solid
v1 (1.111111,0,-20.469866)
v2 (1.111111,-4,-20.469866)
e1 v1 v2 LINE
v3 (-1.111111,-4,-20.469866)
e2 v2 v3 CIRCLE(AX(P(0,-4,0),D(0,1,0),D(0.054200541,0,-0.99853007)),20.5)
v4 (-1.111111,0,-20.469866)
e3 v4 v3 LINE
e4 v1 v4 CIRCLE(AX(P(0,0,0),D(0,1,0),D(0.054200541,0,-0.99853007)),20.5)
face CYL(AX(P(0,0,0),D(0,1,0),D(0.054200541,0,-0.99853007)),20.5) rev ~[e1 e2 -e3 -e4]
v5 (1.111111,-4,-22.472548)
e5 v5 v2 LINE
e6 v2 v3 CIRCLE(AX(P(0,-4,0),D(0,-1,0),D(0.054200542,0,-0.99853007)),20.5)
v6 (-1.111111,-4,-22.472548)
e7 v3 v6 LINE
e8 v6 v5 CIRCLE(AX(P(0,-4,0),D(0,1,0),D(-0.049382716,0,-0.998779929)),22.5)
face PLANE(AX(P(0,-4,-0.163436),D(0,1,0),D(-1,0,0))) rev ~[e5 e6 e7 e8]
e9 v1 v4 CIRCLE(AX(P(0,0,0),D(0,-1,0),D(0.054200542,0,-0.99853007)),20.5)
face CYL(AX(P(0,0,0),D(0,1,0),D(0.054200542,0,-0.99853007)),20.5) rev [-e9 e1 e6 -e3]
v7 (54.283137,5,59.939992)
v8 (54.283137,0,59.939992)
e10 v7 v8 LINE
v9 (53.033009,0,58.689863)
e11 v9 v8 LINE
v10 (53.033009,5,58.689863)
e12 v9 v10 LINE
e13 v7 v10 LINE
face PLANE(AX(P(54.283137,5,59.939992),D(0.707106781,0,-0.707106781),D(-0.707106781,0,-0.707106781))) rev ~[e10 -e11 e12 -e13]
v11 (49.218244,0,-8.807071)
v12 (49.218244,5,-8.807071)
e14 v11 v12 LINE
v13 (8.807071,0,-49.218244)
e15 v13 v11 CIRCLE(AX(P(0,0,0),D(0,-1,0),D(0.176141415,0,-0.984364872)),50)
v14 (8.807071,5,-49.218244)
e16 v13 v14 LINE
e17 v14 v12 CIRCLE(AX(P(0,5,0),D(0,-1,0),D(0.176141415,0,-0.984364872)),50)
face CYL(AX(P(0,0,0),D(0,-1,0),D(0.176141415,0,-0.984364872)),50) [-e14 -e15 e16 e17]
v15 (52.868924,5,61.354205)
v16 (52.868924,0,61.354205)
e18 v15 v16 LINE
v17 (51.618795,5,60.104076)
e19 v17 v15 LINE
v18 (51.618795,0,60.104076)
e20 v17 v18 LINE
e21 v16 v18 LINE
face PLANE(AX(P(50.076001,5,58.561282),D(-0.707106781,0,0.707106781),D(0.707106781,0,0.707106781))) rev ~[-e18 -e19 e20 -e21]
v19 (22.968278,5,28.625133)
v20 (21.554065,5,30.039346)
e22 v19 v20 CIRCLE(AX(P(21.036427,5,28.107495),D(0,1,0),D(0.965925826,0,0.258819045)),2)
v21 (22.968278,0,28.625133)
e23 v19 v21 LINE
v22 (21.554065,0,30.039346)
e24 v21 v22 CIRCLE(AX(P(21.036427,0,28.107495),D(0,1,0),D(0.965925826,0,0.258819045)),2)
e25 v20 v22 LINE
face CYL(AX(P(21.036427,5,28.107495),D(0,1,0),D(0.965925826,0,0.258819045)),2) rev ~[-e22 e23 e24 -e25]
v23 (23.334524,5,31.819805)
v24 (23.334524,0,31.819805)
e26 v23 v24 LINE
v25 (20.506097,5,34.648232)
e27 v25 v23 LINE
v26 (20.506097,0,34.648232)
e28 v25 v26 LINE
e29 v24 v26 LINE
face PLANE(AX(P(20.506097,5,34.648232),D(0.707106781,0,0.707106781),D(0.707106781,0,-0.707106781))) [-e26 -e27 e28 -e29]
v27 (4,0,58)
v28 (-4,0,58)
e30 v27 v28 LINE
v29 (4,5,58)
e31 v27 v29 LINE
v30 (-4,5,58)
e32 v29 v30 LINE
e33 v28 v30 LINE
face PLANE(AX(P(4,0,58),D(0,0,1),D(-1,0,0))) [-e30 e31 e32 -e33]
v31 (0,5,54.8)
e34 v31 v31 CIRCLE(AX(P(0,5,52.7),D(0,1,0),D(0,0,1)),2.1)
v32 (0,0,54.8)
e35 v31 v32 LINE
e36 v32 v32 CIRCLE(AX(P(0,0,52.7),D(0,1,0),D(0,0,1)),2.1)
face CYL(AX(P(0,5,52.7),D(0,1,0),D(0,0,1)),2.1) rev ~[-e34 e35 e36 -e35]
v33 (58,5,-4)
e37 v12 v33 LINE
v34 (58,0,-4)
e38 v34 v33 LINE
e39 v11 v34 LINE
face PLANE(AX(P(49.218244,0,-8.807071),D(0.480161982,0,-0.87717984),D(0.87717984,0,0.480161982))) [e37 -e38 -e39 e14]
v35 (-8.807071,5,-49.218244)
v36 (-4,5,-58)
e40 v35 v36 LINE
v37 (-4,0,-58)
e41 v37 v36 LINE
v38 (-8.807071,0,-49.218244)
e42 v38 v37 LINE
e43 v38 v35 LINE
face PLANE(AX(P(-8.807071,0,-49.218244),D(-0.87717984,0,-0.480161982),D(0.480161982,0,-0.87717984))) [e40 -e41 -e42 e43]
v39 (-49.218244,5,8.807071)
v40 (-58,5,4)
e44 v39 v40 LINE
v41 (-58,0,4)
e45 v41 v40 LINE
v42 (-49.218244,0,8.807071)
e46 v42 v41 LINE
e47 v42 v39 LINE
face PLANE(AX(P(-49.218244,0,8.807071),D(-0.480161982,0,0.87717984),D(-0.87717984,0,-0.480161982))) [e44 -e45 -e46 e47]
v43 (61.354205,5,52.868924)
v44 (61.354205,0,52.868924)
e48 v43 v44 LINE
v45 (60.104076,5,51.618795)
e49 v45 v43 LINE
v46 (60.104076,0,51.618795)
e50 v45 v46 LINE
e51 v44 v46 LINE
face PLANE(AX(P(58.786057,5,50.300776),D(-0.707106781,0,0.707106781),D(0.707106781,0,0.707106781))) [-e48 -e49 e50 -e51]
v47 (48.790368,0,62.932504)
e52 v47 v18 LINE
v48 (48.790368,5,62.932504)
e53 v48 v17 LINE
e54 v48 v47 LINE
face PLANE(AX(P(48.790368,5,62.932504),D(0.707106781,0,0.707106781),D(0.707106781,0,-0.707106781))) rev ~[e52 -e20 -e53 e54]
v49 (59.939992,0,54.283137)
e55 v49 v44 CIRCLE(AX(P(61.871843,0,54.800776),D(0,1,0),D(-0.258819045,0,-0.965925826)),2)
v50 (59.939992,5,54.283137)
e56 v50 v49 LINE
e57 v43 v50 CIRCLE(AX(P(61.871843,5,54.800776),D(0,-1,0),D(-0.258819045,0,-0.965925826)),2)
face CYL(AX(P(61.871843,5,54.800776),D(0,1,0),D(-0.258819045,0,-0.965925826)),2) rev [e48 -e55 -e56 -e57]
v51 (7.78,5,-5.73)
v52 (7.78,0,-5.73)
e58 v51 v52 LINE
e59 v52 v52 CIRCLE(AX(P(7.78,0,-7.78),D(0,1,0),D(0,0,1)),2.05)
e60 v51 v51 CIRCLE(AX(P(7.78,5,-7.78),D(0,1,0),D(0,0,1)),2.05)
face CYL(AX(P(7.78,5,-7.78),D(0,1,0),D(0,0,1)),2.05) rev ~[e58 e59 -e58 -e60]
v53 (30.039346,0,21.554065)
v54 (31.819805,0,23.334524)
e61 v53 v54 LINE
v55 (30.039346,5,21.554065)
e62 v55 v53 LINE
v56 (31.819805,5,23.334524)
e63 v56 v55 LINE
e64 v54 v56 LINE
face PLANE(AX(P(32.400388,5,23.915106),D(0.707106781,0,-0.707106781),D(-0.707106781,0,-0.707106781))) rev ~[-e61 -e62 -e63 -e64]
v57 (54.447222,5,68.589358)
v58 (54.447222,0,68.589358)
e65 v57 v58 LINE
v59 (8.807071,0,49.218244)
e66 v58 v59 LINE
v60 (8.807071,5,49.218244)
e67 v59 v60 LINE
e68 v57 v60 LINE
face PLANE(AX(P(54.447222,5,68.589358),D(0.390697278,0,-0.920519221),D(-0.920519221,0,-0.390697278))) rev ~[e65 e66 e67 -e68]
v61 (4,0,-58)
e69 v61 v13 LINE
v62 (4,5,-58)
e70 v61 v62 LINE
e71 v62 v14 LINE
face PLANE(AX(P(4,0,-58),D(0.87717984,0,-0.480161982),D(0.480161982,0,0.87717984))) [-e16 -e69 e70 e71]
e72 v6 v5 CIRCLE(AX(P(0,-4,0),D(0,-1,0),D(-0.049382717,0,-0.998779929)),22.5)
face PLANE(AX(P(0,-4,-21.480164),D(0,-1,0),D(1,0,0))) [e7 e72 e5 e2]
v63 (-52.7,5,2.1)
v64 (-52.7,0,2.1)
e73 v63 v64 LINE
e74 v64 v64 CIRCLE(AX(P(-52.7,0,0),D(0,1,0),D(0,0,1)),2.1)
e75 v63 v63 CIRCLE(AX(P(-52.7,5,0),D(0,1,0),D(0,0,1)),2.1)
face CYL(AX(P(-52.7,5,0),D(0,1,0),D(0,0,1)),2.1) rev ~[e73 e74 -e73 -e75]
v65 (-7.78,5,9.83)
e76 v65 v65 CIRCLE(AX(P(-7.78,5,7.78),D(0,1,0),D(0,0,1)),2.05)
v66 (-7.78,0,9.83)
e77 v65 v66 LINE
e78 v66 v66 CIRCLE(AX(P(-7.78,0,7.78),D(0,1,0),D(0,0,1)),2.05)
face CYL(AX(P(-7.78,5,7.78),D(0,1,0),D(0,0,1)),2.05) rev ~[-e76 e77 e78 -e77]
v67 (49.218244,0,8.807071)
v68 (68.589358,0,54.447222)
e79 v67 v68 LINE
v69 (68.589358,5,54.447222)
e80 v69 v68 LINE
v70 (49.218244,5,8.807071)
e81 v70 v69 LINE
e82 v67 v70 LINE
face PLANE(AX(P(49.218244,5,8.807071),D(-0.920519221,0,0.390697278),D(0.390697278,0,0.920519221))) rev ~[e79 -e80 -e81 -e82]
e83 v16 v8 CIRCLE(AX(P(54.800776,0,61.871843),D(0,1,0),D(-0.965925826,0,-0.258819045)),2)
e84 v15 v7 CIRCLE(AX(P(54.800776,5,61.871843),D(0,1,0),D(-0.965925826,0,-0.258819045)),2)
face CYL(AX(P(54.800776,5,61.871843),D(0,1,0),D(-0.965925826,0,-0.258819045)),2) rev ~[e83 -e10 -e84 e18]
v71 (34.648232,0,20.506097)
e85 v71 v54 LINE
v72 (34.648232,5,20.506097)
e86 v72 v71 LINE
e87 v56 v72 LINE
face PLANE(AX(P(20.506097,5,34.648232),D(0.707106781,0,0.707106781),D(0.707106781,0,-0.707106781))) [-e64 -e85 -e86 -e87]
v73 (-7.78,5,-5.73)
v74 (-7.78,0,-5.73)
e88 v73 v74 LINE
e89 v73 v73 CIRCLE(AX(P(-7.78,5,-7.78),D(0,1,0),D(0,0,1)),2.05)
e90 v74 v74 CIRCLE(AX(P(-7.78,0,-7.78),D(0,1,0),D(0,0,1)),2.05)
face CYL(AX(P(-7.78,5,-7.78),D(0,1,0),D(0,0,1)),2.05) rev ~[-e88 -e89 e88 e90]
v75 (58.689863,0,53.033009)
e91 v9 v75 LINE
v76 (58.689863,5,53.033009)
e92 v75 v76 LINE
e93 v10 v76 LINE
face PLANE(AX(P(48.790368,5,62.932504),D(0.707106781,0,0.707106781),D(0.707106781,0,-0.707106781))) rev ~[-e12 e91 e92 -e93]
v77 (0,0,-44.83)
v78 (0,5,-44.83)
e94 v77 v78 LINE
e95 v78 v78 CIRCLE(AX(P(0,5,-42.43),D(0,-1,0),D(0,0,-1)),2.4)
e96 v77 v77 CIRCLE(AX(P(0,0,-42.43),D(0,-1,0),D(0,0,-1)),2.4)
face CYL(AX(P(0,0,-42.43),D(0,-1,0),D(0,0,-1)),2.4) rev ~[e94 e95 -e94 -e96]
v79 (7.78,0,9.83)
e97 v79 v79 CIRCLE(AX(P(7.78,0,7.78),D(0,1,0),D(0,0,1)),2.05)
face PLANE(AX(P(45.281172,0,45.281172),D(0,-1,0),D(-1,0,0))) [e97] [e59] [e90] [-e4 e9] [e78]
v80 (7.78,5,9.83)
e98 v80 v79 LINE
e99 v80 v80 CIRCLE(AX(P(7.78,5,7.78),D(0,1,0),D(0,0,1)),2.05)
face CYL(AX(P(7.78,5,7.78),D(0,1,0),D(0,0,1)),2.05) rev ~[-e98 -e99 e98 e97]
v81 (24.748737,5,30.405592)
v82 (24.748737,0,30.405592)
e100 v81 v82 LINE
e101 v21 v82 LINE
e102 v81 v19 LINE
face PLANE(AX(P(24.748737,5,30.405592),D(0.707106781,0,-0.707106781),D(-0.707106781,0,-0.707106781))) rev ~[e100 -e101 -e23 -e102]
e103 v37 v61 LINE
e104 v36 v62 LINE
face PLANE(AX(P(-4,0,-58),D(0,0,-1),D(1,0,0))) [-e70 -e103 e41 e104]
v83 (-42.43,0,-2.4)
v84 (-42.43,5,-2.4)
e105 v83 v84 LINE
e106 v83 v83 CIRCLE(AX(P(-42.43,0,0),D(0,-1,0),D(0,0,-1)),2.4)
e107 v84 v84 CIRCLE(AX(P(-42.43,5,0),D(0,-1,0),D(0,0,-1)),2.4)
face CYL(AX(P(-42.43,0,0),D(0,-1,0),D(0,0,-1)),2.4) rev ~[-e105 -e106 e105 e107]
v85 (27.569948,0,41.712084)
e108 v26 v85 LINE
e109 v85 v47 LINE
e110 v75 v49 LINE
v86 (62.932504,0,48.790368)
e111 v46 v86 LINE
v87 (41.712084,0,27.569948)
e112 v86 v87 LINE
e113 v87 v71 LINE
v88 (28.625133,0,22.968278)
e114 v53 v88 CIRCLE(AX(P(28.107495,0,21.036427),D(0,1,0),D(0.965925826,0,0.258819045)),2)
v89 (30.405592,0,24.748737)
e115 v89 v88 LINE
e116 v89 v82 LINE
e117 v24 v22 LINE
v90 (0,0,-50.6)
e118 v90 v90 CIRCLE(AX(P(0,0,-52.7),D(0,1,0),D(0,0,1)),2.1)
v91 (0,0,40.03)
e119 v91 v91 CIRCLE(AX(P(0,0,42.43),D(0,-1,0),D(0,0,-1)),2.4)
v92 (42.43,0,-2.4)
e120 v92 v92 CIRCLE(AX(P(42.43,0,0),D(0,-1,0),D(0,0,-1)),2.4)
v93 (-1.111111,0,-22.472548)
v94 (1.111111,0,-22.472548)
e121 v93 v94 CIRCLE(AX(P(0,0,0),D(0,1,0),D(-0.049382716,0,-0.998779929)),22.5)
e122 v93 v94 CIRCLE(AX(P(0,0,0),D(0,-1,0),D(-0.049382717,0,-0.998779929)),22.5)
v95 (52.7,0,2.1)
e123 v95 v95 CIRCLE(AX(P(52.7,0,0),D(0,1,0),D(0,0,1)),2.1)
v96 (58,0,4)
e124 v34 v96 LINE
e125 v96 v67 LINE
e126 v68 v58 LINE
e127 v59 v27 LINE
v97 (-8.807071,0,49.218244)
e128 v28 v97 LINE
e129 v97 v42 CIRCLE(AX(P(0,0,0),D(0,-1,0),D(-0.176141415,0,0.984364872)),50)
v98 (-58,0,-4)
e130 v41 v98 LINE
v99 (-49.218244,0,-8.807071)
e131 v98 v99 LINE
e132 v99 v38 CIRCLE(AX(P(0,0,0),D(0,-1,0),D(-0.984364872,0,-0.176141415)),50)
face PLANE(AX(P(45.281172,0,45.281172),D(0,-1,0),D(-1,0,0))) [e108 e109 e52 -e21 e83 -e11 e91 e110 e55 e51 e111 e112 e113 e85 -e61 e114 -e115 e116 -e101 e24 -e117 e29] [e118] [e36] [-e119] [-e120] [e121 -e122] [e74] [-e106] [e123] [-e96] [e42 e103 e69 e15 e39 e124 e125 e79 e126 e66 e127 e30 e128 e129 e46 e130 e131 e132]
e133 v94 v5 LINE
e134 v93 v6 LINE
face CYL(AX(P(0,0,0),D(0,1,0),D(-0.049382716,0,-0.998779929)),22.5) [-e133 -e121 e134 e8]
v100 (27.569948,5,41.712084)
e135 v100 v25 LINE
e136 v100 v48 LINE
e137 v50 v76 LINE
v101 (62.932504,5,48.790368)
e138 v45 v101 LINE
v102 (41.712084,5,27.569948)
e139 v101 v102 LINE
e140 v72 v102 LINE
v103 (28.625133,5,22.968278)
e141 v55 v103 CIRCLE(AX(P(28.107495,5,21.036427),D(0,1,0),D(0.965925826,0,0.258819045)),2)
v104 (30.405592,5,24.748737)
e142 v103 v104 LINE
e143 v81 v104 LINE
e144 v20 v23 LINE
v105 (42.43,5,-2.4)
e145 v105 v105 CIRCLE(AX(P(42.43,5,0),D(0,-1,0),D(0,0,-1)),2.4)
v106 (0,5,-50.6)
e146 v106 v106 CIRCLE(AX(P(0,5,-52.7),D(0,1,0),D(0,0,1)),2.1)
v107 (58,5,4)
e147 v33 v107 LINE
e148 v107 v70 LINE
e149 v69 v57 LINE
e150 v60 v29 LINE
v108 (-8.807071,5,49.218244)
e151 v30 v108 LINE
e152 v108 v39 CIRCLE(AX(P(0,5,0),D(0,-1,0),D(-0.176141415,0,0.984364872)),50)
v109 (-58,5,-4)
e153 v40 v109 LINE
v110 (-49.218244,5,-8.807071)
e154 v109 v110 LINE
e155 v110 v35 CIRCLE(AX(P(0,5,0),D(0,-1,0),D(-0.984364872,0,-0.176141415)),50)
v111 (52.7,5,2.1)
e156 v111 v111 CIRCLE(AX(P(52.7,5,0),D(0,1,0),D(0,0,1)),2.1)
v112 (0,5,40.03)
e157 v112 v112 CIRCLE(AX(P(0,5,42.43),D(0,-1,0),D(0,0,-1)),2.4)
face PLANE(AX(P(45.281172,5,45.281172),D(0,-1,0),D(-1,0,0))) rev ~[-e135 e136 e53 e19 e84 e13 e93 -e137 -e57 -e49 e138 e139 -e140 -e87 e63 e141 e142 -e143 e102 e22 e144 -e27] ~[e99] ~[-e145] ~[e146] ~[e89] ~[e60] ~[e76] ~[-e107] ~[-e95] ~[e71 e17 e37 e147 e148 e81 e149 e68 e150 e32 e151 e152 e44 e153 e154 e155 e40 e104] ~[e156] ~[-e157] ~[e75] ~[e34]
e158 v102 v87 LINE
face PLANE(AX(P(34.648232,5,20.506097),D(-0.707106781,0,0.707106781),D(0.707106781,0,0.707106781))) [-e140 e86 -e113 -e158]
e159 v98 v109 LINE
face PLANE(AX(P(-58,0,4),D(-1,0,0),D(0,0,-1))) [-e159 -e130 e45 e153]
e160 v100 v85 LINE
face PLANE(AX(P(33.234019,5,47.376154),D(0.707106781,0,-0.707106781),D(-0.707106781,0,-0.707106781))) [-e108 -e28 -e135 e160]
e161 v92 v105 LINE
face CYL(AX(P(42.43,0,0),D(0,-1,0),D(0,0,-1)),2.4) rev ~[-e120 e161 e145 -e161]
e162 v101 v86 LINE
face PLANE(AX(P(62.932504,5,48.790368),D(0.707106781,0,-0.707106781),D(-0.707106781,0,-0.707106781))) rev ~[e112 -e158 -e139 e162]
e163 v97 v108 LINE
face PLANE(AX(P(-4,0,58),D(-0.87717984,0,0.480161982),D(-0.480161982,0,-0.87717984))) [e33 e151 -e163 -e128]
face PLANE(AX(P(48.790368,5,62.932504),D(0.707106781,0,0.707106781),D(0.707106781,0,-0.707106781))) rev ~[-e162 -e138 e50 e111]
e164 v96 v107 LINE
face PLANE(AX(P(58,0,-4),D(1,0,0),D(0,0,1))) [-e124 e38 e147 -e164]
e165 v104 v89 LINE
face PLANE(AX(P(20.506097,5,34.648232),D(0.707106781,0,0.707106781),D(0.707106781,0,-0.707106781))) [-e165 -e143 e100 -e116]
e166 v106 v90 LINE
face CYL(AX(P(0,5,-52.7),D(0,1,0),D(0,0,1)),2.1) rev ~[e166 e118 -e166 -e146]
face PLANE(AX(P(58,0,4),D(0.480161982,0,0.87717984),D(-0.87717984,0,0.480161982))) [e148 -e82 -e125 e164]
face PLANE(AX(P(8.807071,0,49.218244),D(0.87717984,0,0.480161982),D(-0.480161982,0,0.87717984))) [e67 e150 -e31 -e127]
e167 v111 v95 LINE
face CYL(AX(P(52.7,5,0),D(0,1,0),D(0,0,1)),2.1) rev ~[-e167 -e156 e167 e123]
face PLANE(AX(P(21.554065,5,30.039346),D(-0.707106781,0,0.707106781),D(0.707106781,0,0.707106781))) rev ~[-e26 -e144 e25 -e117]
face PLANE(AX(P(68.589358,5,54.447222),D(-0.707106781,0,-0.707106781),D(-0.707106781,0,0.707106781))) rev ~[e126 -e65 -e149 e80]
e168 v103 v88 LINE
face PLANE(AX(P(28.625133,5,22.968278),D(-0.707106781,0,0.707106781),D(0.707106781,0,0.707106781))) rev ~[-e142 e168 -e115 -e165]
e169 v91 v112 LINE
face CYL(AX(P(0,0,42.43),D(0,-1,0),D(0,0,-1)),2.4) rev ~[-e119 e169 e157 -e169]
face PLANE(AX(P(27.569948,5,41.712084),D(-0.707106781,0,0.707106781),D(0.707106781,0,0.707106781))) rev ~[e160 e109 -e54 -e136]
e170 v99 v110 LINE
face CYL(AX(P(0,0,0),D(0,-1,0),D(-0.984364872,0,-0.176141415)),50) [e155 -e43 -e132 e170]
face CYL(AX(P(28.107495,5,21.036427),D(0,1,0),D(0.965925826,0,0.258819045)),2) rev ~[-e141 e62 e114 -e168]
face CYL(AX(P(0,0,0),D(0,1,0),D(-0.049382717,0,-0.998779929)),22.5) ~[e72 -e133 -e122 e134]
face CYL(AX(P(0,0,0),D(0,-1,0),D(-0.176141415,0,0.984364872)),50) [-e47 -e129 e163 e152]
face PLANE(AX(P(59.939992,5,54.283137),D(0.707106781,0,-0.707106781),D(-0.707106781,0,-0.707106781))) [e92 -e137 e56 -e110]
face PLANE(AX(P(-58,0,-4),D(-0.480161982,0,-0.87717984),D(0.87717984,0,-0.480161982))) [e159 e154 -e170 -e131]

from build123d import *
from build123d.topology import SkipClean

# Parameters (mm, degrees)
SALIENTE_EXTRUIR1_DEPTH = 5
CROQUIS2_R              = 2.1
CORTAR_EXTRUIR1_DEPTH   = 83.176639016
CORTAR_EXTRUIR2_DEPTH   = 83.176639016
CROQUIS5_R              = 2.05
CORTAR_EXTRUIR4_DEPTH   = 83.176639016
SALIENTE_EXTRUIR2_DEPTH = 5
CORTAR_EXTRUIR10_DEPTH  = 98.128780493
SALIENTE_EXTRUIR4_DEPTH = 4
SALIENTE_EXTRUIR5_DEPTH = 4
CROQUIS17_R             = 2.4
CORTAR_EXTRUIR11_DEPTH  = 98.128780493


with BuildPart() as part:
    # Croquis1 → Saliente-Extruir1 (new body)
    with BuildSketch(Plane(origin=(0, 0, 0), x_dir=(1, 0, 0), z_dir=(0, 1, 0))):
        with BuildLine():
            Line((4, 58), (8.807070745, 49.218243619))
            ThreePointArc((8.807070745, 49.218243619), (35.355339059, 35.355339059), (49.218243619, 8.807070745))
            Line((49.218243619, 8.807070745), (58, 4))
            Line((58, 4), (58, -4))
            Line((58, -4), (49.218243619, -8.807070745))
            ThreePointArc((49.218243619, -8.807070745), (35.355339059, -35.355339059), (8.807070745, -49.218243619))
            Line((8.807070745, -49.218243619), (4, -58))
            Line((4, -58), (-4, -58))
            Line((-4, -58), (-8.807070745, -49.218243619))
            ThreePointArc((-8.807070745, -49.218243619), (-35.355339059, -35.355339059), (-49.218243619, -8.807070745))
            Line((-49.218243619, -8.807070745), (-58, -4))
            Line((-58, -4), (-58, 4))
            Line((-58, 4), (-49.218243619, 8.807070745))
            ThreePointArc((-49.218243619, 8.807070745), (-35.355339059, 35.355339059), (-8.807070745, 49.218243619))
            Line((-8.807070745, 49.218243619), (-4, 58))
            Line((-4, 58), (4, 58))
        make_face()
    extrude(amount=SALIENTE_EXTRUIR1_DEPTH)

    # Croquis2 → Cortar-Extruir1 (cut, through all)
    with BuildSketch(Plane(origin=(0, 5, 0), x_dir=(1, 0, 0), z_dir=(0, 1, 0))):
        with Locations(Location((0, 52.7, 0), (0, 0, 270))):
            Circle(CROQUIS2_R)
        with Locations(Location((52.7, 0, 0), (0, 0, 270))):
            Circle(CROQUIS2_R)
        with Locations(Location((0, -52.7, 0), (0, 0, 270))):
            Circle(CROQUIS2_R)
        with Locations(Location((-52.7, 0, 0), (0, 0, 270))):
            Circle(CROQUIS2_R)
    extrude(amount=-CORTAR_EXTRUIR1_DEPTH, mode=Mode.SUBTRACT)

    # Croquis3 → Cortar-Extruir2 (cut, through all)
    with BuildSketch(Plane(origin=(0, 5, 0), x_dir=(1, 0, 0), z_dir=(0, 1, 0))):
        Polygon((20.506096654, -34.648232278), (34.648232278, -20.506096654), (47.376154339, -33.234018716), (67.218949341, -53.076813717), (53.076813717, -67.218949341), (33.234018716, -47.376154339), align=None)
    extrude(amount=-CORTAR_EXTRUIR2_DEPTH, mode=Mode.SUBTRACT)

    # Croquis5 → Cortar-Extruir4 (cut, through all)
    with BuildSketch(Plane(origin=(0, 5, 0), x_dir=(1, 0, 0), z_dir=(0, 1, 0))):
        with Locations(Location((-7.78, 7.78, 0), (0, 0, 270))):
            Circle(CROQUIS5_R)
        with Locations(Location((7.78, 7.78, 0), (0, 0, 270))):
            Circle(CROQUIS5_R)
        with Locations(Location((7.78, -7.78, 0), (0, 0, 270))):
            Circle(CROQUIS5_R)
        with Locations(Location((-7.78, -7.78, 0), (0, 0, 270))):
            Circle(CROQUIS5_R)
        with BuildLine():
            Line((21.554064831, -30.039346205), (23.334523779, -31.819805153))
            Line((23.334523779, -31.819805153), (24.748737342, -30.405591591))
            Line((24.748737342, -30.405591591), (22.968278393, -28.625132642))
            ThreePointArc((22.968278393, -28.625132642), (19.622213178, -26.69328099), (21.554064831, -30.039346205))
        make_face()
        with BuildLine():
            Line((28.625132642, -22.968278393), (30.986174209, -25.329319959))
            Line((30.986174209, -25.329319959), (32.400387771, -23.915106397))
            Line((32.400387771, -23.915106397), (30.039346205, -21.554064831))
            ThreePointArc((30.039346205, -21.554064831), (26.69328099, -19.622213178), (28.625132642, -22.968278393))
        make_face()
    extrude(amount=-CORTAR_EXTRUIR4_DEPTH, mode=Mode.SUBTRACT)

    # Croquis7 → Saliente-Extruir2 (add, through all)
    with BuildSketch(Plane(origin=(0, 5, 0), x_dir=(1, 0, 0), z_dir=(0, 1, 0))):
        Polygon((68.589357775, -54.447222151), (54.447222151, -68.589357775), (8.807070745, -49.218243619), (18.571685103, -46.422973972), (27.56994834, -41.712083963), (48.790367902, -62.932503526), (62.932503526, -48.790367902), (41.712083963, -27.56994834), (46.422973972, -18.571685103), (49.218243619, -8.807070745), align=None)
    extrude(amount=-SALIENTE_EXTRUIR2_DEPTH)

    # Croquis8 → Cortar-Extruir10 (cut, through all)
    with BuildSketch(Plane(origin=(0, 5, 0), x_dir=(1, 0, 0), z_dir=(0, 1, 0))):
        with BuildLine():
            Line((54.283137452, -59.939991701), (51.490214314, -57.147068564))
            Line((51.490214314, -57.147068564), (50.076000752, -58.561282126))
            Line((50.076000752, -58.561282126), (52.868923889, -61.354205264))
            ThreePointArc((52.868923889, -61.354205264), (56.214989104, -63.286056916), (54.283137452, -59.939991701))
        make_face()
        with BuildLine():
            Line((57.371843354, -51.714989104), (58.786056916, -50.300775542))
            Line((58.786056916, -50.300775542), (61.354205264, -52.868923889))
            ThreePointArc((61.354205264, -52.868923889), (63.286056916, -56.214989104), (59.939991701, -54.283137452))
            Line((59.939991701, -54.283137452), (57.371843354, -51.714989104))
        make_face()
    extrude(amount=-CORTAR_EXTRUIR10_DEPTH, mode=Mode.SUBTRACT)

    # Croquis15 → Saliente-Extruir4 (add)
    with BuildSketch(Plane.XZ):
        with BuildLine():
            Line((-1.111111111, -20.469866441), (-1.111111111, -22.472548411))
            ThreePointArc((-1.111111111, -22.472548411), (0, 22.5), (1.111111111, -22.472548411))
            Line((1.111111111, -22.472548411), (1.111111111, -20.469866441))
            ThreePointArc((1.111111111, -20.469866441), (0, 20.5), (-1.111111111, -20.469866441))
        make_face()
    extrude(amount=SALIENTE_EXTRUIR4_DEPTH)

    # Croquis16 → Saliente-Extruir5 (add)
    with SkipClean():  # the faces are left unmerged after this step: merging them gives an invalid solid
        with BuildSketch(Plane.XZ):
            with BuildLine():
                Line((-1.111111111, -20.469866441), (-1.111111111, -22.472548411))
                ThreePointArc((-1.111111111, -22.472548411), (0, -22.5), (1.111111111, -22.472548411))
                Line((1.111111111, -22.472548411), (1.111111111, -20.469866441))
                ThreePointArc((1.111111111, -20.469866441), (0, -20.5), (-1.111111111, -20.469866441))
            make_face()
        extrude(amount=SALIENTE_EXTRUIR5_DEPTH)

    # Croquis17 → Cortar-Extruir11 (cut, through all)
    with SkipClean():  # the faces are left unmerged after this step: merging them gives an invalid solid
        with BuildSketch(Plane.XZ):
            with Locations(Location((42.43, 0, 0), (0, 0, 270))):
                Circle(CROQUIS17_R)
            with Locations(Location((0, -42.43, 0), (0, 0, 270))):
                Circle(CROQUIS17_R)
            with Locations(Location((-42.43, 0, 0), (0, 0, 270))):
                Circle(CROQUIS17_R)
            with Locations(Location((0, 42.43, 0), (0, 0, 270))):
                Circle(CROQUIS17_R)
        extrude(amount=-CORTAR_EXTRUIR11_DEPTH, mode=Mode.SUBTRACT)


solid = part.part
